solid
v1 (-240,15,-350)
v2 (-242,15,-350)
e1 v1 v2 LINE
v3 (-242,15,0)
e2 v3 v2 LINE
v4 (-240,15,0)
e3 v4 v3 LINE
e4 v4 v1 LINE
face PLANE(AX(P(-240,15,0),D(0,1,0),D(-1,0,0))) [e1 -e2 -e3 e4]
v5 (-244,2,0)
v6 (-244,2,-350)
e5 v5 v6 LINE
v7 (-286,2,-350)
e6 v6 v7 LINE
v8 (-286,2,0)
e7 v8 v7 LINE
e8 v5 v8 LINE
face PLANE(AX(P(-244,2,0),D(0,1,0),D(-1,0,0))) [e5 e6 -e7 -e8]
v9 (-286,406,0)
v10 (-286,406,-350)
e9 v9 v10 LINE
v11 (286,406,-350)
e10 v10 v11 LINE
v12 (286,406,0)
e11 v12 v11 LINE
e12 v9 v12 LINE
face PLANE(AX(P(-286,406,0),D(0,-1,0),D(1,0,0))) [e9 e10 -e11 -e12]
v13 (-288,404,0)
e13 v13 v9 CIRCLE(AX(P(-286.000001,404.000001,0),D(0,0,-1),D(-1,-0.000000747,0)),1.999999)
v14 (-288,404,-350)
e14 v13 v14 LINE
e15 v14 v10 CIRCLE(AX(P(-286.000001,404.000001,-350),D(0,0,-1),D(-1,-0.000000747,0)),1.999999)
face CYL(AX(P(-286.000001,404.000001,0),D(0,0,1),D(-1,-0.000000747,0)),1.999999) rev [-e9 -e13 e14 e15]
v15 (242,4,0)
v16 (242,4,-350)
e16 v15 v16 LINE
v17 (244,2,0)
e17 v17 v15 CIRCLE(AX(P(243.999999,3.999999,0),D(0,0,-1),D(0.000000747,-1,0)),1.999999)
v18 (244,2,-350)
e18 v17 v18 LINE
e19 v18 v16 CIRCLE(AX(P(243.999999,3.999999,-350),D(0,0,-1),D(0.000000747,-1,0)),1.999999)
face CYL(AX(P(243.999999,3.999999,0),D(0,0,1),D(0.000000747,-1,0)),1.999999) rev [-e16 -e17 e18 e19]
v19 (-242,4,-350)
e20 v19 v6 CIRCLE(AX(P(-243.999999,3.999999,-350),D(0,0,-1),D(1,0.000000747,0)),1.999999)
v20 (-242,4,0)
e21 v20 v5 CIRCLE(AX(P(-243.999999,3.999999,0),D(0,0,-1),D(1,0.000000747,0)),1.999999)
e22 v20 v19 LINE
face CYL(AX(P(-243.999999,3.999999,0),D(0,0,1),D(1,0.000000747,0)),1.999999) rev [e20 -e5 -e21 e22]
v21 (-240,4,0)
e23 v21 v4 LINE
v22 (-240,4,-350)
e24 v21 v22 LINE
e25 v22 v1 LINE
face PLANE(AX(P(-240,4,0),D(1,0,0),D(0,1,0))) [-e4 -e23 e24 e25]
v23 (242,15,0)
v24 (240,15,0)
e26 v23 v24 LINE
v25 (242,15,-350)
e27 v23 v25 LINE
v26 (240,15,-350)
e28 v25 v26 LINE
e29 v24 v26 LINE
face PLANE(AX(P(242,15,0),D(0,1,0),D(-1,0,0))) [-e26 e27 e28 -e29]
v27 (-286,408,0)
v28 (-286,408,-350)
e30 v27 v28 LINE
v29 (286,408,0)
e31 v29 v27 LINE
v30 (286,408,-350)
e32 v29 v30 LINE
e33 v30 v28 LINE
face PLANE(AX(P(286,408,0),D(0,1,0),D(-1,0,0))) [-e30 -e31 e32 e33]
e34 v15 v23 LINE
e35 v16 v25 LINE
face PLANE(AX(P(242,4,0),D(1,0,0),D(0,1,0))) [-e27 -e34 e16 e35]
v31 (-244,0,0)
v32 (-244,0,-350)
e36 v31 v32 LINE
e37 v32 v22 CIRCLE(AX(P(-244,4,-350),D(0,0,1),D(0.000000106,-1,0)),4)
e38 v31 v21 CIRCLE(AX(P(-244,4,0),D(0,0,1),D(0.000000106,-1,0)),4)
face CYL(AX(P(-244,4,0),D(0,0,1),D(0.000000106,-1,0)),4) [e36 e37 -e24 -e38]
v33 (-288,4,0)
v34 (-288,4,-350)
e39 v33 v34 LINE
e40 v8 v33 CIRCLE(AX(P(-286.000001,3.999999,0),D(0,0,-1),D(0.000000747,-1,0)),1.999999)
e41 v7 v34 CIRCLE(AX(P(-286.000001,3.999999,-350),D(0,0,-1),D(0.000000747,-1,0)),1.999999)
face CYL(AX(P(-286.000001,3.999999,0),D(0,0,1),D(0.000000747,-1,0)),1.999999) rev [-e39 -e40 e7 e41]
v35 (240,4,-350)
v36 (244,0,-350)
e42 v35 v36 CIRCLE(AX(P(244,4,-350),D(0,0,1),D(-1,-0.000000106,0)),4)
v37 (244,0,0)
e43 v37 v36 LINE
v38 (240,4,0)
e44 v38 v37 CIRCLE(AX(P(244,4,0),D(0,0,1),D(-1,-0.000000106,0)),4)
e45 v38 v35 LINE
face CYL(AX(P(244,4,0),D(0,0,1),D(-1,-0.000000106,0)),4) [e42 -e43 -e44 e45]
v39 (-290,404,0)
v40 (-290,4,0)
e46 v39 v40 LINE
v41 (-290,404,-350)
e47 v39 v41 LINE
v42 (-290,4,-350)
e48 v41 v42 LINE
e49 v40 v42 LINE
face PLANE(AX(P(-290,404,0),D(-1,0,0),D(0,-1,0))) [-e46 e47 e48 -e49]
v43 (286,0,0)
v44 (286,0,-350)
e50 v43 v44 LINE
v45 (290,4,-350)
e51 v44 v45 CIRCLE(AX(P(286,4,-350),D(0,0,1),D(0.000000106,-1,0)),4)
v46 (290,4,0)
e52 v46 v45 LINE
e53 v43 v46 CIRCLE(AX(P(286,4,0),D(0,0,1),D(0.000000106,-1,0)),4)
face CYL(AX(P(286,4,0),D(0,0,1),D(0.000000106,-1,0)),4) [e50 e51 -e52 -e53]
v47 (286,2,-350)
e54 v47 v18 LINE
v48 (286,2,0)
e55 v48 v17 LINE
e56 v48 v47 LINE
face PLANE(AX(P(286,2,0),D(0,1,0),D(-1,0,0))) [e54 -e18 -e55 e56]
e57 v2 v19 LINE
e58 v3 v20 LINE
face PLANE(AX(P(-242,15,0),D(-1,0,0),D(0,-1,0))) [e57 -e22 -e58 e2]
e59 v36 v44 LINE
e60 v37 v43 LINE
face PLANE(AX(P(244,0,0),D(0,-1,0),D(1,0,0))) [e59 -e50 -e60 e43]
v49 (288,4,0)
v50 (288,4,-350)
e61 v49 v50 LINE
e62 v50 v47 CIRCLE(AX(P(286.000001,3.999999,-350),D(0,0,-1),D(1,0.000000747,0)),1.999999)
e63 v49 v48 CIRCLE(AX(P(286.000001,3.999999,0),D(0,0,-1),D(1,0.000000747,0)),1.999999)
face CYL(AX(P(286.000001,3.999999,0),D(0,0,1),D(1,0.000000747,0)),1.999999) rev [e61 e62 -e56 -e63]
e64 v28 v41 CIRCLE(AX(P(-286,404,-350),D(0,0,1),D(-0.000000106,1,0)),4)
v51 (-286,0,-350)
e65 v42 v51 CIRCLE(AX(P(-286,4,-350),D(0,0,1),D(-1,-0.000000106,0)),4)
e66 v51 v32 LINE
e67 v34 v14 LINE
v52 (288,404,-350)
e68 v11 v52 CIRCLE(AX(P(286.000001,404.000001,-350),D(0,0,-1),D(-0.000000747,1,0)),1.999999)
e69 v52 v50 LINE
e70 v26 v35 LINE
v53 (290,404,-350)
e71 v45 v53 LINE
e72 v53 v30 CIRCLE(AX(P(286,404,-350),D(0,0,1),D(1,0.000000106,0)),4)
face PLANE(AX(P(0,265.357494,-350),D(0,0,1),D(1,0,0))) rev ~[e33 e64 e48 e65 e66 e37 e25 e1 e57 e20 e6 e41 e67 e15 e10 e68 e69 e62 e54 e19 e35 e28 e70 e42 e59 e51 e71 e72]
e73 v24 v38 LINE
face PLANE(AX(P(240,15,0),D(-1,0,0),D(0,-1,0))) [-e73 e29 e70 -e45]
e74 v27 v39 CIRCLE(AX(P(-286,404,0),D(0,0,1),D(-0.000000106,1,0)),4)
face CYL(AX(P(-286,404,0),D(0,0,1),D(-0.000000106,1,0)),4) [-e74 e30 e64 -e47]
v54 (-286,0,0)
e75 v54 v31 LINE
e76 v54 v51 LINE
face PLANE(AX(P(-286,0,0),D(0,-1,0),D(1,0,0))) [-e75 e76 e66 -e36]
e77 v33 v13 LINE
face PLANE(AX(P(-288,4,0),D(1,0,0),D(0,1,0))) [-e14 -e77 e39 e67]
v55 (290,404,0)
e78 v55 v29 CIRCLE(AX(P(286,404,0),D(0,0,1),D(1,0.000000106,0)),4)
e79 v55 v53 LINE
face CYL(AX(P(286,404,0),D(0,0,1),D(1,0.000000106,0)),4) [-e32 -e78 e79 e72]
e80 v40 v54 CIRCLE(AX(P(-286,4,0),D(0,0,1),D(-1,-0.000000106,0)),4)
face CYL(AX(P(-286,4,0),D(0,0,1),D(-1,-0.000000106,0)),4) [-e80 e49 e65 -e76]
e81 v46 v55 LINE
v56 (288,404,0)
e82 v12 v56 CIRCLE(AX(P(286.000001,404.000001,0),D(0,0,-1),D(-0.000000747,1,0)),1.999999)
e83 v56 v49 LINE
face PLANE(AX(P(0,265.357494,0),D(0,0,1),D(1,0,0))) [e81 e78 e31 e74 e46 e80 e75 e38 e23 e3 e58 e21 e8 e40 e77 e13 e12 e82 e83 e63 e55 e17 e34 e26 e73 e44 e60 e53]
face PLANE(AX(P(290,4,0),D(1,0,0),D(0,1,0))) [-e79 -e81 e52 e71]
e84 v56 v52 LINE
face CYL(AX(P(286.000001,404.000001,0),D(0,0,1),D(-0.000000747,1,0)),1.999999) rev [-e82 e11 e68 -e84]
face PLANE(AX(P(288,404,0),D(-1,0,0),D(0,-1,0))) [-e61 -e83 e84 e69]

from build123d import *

# Parameters (mm, degrees)
F1_DEPTH = 350


with BuildPart() as f1:
    # F0 (on Top) → F1 (new body)
    with BuildSketch(Plane.XY):
        with BuildLine():
            ThreePointArc((-290, 4), (-288.828427, 1.171573), (-286, 0))
            Line((-286, 0), (-244, 0))
            ThreePointArc((-244, 0), (-241.171573, 1.171573), (-240, 4))
            Line((-240, 4), (-240, 15))
            Line((-240, 15), (-242, 15))
            Line((-242, 15), (-242, 4))
            ThreePointArc((-242, 4), (-242.585786, 2.585786), (-244, 2))
            Line((-244, 2), (-286, 2))
            ThreePointArc((-286, 2), (-287.414214, 2.585786), (-288, 4))
            Line((-288, 4), (-288, 404))
            ThreePointArc((-288, 404), (-287.414214, 405.414214), (-286, 406))
            Line((-286, 406), (286, 406))
            ThreePointArc((286, 406), (287.414214, 405.414214), (288, 404))
            Line((288, 404), (288, 4))
            ThreePointArc((288, 4), (287.414214, 2.585786), (286, 2))
            Line((286, 2), (244, 2))
            ThreePointArc((244, 2), (242.585786, 2.585786), (242, 4))
            Line((242, 4), (242, 15))
            Line((242, 15), (240, 15))
            Line((240, 15), (240, 4))
            ThreePointArc((240, 4), (241.171573, 1.171573), (244, 0))
            Line((244, 0), (286, 0))
            ThreePointArc((286, 0), (288.828427, 1.171573), (290, 4))
            Line((290, 4), (290, 404))
            ThreePointArc((290, 404), (288.828427, 406.828427), (286, 408))
            Line((286, 408), (-286, 408))
            ThreePointArc((-286, 408), (-288.828427, 406.828427), (-290, 404))
            Line((-290, 404), (-290, 4))
        make_face()
    extrude(amount=-F1_DEPTH)


solid = f1.part
